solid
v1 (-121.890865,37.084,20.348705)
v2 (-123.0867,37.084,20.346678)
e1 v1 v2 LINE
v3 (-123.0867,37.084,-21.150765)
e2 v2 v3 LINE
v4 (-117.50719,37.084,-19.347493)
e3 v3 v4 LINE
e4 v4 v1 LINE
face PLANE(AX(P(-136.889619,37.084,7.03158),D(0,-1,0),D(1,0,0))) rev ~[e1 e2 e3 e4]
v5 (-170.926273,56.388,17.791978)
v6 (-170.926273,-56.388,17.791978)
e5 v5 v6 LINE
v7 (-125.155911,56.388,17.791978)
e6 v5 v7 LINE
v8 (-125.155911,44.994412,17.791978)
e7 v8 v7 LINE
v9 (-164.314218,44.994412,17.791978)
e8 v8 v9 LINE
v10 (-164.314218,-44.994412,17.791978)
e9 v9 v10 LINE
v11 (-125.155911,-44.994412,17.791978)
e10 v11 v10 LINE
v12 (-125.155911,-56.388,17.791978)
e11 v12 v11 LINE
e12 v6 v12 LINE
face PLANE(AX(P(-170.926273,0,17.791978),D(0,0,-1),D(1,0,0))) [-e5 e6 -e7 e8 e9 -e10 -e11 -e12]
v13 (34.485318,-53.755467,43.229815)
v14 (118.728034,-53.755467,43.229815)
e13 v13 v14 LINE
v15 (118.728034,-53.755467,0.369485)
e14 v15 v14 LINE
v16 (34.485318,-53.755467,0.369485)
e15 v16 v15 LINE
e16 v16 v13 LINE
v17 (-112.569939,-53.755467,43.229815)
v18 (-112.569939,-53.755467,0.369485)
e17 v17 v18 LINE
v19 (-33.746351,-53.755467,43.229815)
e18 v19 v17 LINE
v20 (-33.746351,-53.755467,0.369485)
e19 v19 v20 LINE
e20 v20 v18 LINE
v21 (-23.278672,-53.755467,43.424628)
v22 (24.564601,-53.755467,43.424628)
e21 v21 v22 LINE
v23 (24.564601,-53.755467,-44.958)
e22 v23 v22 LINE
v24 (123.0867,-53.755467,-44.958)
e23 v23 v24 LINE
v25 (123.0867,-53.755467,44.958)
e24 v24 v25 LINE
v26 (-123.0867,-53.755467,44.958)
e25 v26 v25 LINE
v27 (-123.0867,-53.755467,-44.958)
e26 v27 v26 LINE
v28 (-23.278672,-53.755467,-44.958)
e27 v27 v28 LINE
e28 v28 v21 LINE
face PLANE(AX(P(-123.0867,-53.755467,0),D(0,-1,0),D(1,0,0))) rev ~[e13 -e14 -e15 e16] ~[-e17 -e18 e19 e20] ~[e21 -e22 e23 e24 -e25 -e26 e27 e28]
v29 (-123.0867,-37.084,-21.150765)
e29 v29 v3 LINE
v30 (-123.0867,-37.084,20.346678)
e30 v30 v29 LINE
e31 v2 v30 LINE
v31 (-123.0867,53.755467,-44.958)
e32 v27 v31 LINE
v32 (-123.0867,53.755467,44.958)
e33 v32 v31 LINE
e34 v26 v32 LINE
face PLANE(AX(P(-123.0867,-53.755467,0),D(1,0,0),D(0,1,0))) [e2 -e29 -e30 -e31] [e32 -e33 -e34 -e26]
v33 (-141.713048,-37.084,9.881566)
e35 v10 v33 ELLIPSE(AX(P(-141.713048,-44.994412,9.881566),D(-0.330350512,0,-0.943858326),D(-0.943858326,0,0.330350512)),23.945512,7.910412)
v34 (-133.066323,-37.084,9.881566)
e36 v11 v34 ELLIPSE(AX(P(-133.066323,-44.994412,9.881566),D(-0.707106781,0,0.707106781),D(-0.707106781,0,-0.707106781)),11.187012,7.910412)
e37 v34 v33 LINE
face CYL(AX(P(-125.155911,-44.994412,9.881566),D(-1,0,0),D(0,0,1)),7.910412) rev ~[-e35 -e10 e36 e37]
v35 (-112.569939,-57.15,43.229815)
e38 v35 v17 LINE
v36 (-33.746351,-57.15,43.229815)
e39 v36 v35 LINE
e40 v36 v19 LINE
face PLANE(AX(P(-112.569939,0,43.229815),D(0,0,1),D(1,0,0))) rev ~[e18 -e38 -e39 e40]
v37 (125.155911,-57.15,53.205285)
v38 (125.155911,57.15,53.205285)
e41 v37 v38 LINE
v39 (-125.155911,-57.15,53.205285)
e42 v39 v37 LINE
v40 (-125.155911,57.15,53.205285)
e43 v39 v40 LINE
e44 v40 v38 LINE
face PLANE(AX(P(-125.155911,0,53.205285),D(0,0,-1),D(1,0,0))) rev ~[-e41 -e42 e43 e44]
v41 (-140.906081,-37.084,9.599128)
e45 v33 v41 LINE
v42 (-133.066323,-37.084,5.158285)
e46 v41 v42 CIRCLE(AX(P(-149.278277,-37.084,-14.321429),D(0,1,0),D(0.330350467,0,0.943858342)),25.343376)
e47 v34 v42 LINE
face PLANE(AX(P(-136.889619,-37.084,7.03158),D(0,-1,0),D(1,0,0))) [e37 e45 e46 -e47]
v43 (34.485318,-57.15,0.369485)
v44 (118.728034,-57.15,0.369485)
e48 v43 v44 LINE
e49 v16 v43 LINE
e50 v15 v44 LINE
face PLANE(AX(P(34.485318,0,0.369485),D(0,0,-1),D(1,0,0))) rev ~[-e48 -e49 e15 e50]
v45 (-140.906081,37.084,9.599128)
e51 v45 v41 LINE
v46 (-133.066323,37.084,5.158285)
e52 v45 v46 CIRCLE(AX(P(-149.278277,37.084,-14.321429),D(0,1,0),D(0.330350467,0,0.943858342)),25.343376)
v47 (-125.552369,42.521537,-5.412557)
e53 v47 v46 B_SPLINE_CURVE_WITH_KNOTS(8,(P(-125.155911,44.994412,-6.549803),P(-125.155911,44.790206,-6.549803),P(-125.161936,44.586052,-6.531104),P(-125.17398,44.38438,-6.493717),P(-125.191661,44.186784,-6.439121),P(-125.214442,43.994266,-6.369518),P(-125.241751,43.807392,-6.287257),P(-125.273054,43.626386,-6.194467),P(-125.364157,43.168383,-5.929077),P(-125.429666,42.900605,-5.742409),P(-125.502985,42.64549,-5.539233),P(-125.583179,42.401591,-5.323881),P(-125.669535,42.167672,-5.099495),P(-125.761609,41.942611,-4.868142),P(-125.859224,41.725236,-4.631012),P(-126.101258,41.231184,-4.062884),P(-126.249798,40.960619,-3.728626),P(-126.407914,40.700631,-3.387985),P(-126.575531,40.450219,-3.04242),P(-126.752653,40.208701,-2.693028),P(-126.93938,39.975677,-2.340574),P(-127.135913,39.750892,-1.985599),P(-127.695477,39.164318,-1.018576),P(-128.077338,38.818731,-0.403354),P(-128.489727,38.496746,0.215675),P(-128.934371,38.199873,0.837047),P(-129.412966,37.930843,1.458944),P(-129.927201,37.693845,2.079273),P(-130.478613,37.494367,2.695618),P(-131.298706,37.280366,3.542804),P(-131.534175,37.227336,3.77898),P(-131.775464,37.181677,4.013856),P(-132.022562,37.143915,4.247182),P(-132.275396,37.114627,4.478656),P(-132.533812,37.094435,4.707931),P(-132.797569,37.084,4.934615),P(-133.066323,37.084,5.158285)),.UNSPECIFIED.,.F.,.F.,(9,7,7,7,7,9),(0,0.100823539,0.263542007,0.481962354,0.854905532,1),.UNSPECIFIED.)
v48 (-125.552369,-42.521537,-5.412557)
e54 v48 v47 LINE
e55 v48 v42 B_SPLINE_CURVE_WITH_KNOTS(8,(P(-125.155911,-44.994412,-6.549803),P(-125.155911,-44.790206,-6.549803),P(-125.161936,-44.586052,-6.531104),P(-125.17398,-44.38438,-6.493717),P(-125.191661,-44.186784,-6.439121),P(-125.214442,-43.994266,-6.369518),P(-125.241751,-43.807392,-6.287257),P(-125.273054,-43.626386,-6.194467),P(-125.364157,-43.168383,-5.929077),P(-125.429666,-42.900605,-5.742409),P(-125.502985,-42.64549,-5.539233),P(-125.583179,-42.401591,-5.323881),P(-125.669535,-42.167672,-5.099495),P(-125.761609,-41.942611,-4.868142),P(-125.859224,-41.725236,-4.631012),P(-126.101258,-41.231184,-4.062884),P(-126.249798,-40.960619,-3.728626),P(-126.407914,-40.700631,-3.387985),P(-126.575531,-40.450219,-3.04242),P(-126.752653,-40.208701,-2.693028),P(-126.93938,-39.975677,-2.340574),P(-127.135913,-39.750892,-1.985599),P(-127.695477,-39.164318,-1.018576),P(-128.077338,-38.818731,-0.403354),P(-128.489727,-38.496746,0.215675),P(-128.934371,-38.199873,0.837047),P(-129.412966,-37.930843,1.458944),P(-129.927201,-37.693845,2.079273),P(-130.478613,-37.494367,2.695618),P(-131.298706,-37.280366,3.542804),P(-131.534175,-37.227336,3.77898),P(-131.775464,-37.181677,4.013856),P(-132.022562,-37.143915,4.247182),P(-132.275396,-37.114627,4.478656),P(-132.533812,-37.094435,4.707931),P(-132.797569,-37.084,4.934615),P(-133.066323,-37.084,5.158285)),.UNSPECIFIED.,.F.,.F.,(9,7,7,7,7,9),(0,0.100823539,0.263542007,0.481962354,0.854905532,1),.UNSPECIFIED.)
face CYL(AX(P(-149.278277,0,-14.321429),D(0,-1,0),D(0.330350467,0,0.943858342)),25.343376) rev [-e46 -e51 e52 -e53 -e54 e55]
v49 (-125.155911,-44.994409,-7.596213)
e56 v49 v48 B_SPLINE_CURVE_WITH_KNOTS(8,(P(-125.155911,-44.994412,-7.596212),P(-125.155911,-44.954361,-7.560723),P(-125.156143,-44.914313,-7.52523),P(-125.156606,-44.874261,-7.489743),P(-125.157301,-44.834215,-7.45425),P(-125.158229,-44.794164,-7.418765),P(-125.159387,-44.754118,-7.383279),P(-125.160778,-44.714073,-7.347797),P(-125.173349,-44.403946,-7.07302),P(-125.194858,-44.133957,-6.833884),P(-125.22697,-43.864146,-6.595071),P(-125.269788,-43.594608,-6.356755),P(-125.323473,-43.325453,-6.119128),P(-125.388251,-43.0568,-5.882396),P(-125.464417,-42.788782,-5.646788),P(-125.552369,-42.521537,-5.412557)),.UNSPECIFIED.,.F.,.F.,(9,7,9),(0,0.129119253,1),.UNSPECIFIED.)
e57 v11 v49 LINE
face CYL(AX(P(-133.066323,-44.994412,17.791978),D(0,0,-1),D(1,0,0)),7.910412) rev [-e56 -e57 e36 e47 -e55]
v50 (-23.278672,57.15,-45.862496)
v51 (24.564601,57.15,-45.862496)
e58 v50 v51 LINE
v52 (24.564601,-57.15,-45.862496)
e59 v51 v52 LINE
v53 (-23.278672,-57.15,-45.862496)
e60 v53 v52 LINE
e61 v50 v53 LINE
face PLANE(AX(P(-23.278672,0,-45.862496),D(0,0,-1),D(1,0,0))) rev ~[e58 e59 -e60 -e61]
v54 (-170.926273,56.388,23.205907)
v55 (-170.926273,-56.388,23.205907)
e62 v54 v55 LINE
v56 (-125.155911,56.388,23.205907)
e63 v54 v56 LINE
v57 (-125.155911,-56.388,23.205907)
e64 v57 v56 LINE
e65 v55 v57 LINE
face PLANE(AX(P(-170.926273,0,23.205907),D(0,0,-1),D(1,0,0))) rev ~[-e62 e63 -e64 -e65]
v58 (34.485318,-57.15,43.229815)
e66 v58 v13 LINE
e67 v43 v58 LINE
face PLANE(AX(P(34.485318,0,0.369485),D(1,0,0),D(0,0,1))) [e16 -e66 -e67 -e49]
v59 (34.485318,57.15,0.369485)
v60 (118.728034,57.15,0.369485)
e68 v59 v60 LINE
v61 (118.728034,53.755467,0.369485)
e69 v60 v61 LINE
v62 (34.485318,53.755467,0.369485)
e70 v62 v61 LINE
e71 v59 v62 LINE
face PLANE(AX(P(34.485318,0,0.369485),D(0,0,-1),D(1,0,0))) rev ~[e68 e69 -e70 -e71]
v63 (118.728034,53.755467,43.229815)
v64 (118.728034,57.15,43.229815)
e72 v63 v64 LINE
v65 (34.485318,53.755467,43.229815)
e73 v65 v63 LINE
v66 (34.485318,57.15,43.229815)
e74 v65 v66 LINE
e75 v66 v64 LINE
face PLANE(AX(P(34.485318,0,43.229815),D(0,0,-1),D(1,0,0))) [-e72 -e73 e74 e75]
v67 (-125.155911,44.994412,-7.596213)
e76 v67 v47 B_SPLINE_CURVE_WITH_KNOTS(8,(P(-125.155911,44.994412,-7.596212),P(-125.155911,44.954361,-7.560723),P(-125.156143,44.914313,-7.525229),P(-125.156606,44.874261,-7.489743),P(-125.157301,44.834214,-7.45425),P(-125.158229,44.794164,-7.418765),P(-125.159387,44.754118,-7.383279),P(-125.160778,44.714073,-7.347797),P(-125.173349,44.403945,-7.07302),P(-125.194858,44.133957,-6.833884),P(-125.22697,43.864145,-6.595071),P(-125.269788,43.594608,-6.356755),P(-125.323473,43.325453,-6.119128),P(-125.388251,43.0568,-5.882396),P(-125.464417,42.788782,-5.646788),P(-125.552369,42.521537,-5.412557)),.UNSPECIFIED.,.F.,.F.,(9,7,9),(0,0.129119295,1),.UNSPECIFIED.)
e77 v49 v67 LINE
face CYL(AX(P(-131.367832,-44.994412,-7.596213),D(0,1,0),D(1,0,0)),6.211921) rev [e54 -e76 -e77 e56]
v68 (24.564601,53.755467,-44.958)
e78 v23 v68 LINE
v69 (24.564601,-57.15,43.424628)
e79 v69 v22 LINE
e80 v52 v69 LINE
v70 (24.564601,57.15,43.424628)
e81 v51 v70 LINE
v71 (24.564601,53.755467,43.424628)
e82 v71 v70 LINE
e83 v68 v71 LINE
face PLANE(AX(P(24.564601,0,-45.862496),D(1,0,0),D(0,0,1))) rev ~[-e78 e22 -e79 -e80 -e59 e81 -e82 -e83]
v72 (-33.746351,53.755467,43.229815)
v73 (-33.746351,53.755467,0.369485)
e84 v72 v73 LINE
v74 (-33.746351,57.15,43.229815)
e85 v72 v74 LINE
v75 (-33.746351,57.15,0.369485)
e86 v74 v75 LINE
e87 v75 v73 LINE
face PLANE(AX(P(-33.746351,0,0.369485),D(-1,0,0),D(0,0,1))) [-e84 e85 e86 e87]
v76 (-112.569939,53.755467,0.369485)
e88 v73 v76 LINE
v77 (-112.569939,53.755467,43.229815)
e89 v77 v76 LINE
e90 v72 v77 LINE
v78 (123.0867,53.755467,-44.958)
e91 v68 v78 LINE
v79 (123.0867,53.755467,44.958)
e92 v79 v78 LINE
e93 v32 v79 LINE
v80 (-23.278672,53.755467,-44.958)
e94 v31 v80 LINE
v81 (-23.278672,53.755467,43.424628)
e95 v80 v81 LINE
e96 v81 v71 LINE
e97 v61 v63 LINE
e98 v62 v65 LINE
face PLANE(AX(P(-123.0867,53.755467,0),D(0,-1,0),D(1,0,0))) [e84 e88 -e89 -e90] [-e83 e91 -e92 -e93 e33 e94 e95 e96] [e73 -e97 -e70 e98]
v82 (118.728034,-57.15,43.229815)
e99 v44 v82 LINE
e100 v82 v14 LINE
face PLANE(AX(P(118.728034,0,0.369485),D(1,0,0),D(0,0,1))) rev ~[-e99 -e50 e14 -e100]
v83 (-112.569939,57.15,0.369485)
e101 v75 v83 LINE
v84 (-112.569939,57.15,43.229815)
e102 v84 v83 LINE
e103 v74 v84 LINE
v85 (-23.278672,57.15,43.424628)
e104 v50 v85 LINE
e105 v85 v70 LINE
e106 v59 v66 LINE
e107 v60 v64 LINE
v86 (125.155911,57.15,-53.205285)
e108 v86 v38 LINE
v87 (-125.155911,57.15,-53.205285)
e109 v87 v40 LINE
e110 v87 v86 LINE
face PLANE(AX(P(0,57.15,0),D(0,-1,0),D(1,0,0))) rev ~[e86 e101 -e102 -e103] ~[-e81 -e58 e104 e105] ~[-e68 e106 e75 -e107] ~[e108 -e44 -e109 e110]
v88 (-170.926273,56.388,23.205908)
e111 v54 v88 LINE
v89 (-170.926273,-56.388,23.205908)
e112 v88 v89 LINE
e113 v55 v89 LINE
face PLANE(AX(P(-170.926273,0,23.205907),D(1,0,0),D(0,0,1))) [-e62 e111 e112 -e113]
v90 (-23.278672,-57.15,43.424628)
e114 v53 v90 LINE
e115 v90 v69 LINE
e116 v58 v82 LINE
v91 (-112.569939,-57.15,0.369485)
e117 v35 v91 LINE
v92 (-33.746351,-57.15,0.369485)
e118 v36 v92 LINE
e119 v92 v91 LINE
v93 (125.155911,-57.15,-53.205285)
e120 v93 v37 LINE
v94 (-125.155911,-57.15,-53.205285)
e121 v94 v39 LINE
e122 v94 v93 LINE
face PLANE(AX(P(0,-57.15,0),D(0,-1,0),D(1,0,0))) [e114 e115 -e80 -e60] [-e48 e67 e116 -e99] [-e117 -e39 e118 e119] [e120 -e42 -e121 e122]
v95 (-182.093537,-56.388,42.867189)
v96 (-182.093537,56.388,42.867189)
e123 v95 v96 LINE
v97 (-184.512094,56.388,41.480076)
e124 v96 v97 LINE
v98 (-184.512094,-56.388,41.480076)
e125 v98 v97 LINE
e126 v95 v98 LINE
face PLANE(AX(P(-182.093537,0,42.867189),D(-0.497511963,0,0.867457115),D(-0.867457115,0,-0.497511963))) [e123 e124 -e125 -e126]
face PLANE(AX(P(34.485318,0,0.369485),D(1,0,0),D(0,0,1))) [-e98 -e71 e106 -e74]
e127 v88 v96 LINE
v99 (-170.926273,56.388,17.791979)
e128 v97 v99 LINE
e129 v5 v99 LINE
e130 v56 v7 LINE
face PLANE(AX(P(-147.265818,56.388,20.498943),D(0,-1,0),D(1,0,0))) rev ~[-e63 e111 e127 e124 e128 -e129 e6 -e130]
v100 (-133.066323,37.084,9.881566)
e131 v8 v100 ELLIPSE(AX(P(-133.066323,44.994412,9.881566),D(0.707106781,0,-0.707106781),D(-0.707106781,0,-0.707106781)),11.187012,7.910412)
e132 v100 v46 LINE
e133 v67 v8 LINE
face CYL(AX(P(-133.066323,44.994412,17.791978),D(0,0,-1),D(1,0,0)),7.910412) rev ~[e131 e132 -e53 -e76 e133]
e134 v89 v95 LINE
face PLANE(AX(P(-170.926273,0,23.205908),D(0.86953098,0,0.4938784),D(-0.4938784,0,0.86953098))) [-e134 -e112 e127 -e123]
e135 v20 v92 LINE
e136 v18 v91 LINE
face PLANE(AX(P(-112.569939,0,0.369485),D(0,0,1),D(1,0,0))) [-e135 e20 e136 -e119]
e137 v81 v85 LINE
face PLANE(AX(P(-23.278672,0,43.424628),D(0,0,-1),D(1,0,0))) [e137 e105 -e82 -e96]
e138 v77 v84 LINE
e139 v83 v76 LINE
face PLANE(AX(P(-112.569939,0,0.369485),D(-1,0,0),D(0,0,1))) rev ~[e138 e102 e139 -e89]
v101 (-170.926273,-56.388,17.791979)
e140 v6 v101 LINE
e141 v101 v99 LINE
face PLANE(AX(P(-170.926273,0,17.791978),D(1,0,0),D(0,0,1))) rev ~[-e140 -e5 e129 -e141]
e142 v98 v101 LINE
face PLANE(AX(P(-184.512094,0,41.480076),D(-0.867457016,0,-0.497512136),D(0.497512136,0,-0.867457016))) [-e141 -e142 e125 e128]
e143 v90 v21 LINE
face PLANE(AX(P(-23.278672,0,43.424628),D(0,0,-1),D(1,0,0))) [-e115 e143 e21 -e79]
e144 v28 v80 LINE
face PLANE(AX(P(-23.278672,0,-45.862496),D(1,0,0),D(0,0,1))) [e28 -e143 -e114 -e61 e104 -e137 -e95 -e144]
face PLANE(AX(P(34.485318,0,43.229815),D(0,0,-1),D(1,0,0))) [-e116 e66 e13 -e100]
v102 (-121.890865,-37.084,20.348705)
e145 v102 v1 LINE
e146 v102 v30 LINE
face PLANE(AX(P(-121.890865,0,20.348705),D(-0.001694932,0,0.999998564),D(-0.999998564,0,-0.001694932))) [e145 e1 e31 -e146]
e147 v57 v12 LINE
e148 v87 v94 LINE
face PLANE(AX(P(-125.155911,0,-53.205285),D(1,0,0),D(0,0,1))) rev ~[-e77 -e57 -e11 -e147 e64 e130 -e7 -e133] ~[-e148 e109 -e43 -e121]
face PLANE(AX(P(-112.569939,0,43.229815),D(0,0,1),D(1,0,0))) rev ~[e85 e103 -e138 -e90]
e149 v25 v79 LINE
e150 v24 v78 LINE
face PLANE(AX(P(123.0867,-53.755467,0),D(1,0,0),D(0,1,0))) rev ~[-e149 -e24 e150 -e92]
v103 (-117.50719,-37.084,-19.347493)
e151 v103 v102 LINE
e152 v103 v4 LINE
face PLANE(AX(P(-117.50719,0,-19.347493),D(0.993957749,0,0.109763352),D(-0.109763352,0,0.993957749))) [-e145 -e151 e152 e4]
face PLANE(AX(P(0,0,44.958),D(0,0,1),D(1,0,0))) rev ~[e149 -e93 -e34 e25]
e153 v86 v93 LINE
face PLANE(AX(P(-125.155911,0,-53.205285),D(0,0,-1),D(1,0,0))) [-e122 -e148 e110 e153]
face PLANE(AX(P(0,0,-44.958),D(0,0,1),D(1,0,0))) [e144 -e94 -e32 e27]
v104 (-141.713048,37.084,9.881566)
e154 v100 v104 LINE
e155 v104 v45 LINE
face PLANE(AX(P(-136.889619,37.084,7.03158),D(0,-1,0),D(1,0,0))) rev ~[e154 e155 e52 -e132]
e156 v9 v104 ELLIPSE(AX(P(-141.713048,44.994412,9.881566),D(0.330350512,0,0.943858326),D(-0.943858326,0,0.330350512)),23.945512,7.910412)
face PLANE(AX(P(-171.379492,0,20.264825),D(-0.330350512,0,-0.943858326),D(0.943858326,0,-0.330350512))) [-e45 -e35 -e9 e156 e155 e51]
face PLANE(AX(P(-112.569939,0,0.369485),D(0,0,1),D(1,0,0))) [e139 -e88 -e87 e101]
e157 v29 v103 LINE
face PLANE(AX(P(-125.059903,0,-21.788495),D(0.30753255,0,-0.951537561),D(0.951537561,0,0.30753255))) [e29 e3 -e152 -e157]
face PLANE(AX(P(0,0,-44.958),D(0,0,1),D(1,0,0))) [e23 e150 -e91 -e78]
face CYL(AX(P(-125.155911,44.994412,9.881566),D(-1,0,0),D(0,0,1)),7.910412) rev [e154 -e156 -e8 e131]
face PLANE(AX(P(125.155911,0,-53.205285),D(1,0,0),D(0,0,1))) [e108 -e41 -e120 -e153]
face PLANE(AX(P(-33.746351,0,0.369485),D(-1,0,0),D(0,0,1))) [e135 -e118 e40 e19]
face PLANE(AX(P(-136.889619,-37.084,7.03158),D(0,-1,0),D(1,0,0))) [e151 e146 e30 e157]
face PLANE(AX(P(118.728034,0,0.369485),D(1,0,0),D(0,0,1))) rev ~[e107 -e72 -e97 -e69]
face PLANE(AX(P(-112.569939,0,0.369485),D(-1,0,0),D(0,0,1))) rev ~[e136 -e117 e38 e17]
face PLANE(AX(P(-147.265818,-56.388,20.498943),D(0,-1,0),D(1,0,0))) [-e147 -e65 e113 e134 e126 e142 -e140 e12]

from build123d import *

# Parameters (mm, degrees)
F0_W      = 250.311822
F0_H      = 106.41057
F1_DEPTH  = 57.15
F2_W      = 246.1734
F2_H      = 107.510934
F3_DEPTH  = 44.958
F4_W      = 78.823588
F4_H      = 42.86033
F4_W_2    = 84.242716
F5_DEPTH  = 207.518
F6_W      = 47.32091
F6_H      = 5.413929
F7_DEPTH  = 56.388
F9_DEPTH  = 37.084
F10_R     = 7.910412
F11_R     = 6.211921
F12_W     = 47.843273
F12_H     = 89.287125
F13_DEPTH = 78.74


with BuildPart() as f1:
    # F0 (on Front) → F1 (new body, symmetric)
    with BuildSketch(Plane.XZ):
        Rectangle(F0_W, F0_H)
    extrude(amount=F1_DEPTH, both=True)

    # F2 (on Top) → F3 (cut, symmetric)
    with BuildSketch(Plane.XY):
        Rectangle(F2_W, F2_H)
    extrude(amount=F3_DEPTH, both=True, mode=Mode.SUBTRACT)

    # F4 (on Front) → F5 (cut, symmetric)
    with BuildSketch(Plane.XZ):
        with Locations((-73.158145, 21.79965)):
            Rectangle(F4_W, F4_H)
        with Locations((76.606676, 21.79965)):
            Rectangle(F4_W_2, F4_H)
    extrude(amount=F5_DEPTH, both=True, mode=Mode.SUBTRACT)

    # F6 (on Front) → F7 (join, symmetric)
    with BuildSketch(Plane.XZ):
        with Locations((-147.265818, 20.498943)):
            Rectangle(F6_W, F6_H)
        Polygon((-170.926273, 17.791979), (-170.926273, 23.205908), (-182.093537, 42.867189), (-184.512094, 41.480076), align=None)
    extrude(amount=F7_DEPTH, both=True)

    # F8 (on Front) → F9 (join, symmetric)
    with BuildSketch(Plane.XZ):
        with BuildLine():
            Line((-121.890865, 20.348705), (-171.379492, 20.264825))
            Line((-171.379492, 20.264825), (-140.906081, 9.599128))
            ThreePointArc((-140.906081, 9.599128), (-126.654572, -2.899753), (-125.059903, -21.788495))
            Line((-125.059903, -21.788495), (-117.50719, -19.347493))
            Line((-117.50719, -19.347493), (-121.890865, 20.348705))
        make_face()
    extrude(amount=F9_DEPTH, both=True)

    # F10
    f10_edges = [f1.edges().sort_by_distance(p)[0] for p in [
        (-144.735065, -37.084, 17.791979),
        (-125.155911, -37.084, 5.621087),
        (-125.155911, 37.084, 5.621087),
        (-144.735065, 37.084, 17.791979),
    ]]
    fillet(f10_edges, radius=F10_R)

    # F11
    f11_edges = [f1.edges().sort_by_distance(p)[0] for p in [
        (-125.155911, 41.039206, -6.549804),
        (-125.155911, 0, -6.549804),
        (-125.155911, -41.039206, -6.549804),
    ]]
    fillet(f11_edges, radius=F11_R)

    # F12 (on Front) → F13 (cut, symmetric)
    with BuildSketch(Plane.XZ):
        with Locations((0.642964, -1.218934)):
            Rectangle(F12_W, F12_H)
    extrude(amount=F13_DEPTH, both=True, mode=Mode.SUBTRACT)


solid = f1.part
